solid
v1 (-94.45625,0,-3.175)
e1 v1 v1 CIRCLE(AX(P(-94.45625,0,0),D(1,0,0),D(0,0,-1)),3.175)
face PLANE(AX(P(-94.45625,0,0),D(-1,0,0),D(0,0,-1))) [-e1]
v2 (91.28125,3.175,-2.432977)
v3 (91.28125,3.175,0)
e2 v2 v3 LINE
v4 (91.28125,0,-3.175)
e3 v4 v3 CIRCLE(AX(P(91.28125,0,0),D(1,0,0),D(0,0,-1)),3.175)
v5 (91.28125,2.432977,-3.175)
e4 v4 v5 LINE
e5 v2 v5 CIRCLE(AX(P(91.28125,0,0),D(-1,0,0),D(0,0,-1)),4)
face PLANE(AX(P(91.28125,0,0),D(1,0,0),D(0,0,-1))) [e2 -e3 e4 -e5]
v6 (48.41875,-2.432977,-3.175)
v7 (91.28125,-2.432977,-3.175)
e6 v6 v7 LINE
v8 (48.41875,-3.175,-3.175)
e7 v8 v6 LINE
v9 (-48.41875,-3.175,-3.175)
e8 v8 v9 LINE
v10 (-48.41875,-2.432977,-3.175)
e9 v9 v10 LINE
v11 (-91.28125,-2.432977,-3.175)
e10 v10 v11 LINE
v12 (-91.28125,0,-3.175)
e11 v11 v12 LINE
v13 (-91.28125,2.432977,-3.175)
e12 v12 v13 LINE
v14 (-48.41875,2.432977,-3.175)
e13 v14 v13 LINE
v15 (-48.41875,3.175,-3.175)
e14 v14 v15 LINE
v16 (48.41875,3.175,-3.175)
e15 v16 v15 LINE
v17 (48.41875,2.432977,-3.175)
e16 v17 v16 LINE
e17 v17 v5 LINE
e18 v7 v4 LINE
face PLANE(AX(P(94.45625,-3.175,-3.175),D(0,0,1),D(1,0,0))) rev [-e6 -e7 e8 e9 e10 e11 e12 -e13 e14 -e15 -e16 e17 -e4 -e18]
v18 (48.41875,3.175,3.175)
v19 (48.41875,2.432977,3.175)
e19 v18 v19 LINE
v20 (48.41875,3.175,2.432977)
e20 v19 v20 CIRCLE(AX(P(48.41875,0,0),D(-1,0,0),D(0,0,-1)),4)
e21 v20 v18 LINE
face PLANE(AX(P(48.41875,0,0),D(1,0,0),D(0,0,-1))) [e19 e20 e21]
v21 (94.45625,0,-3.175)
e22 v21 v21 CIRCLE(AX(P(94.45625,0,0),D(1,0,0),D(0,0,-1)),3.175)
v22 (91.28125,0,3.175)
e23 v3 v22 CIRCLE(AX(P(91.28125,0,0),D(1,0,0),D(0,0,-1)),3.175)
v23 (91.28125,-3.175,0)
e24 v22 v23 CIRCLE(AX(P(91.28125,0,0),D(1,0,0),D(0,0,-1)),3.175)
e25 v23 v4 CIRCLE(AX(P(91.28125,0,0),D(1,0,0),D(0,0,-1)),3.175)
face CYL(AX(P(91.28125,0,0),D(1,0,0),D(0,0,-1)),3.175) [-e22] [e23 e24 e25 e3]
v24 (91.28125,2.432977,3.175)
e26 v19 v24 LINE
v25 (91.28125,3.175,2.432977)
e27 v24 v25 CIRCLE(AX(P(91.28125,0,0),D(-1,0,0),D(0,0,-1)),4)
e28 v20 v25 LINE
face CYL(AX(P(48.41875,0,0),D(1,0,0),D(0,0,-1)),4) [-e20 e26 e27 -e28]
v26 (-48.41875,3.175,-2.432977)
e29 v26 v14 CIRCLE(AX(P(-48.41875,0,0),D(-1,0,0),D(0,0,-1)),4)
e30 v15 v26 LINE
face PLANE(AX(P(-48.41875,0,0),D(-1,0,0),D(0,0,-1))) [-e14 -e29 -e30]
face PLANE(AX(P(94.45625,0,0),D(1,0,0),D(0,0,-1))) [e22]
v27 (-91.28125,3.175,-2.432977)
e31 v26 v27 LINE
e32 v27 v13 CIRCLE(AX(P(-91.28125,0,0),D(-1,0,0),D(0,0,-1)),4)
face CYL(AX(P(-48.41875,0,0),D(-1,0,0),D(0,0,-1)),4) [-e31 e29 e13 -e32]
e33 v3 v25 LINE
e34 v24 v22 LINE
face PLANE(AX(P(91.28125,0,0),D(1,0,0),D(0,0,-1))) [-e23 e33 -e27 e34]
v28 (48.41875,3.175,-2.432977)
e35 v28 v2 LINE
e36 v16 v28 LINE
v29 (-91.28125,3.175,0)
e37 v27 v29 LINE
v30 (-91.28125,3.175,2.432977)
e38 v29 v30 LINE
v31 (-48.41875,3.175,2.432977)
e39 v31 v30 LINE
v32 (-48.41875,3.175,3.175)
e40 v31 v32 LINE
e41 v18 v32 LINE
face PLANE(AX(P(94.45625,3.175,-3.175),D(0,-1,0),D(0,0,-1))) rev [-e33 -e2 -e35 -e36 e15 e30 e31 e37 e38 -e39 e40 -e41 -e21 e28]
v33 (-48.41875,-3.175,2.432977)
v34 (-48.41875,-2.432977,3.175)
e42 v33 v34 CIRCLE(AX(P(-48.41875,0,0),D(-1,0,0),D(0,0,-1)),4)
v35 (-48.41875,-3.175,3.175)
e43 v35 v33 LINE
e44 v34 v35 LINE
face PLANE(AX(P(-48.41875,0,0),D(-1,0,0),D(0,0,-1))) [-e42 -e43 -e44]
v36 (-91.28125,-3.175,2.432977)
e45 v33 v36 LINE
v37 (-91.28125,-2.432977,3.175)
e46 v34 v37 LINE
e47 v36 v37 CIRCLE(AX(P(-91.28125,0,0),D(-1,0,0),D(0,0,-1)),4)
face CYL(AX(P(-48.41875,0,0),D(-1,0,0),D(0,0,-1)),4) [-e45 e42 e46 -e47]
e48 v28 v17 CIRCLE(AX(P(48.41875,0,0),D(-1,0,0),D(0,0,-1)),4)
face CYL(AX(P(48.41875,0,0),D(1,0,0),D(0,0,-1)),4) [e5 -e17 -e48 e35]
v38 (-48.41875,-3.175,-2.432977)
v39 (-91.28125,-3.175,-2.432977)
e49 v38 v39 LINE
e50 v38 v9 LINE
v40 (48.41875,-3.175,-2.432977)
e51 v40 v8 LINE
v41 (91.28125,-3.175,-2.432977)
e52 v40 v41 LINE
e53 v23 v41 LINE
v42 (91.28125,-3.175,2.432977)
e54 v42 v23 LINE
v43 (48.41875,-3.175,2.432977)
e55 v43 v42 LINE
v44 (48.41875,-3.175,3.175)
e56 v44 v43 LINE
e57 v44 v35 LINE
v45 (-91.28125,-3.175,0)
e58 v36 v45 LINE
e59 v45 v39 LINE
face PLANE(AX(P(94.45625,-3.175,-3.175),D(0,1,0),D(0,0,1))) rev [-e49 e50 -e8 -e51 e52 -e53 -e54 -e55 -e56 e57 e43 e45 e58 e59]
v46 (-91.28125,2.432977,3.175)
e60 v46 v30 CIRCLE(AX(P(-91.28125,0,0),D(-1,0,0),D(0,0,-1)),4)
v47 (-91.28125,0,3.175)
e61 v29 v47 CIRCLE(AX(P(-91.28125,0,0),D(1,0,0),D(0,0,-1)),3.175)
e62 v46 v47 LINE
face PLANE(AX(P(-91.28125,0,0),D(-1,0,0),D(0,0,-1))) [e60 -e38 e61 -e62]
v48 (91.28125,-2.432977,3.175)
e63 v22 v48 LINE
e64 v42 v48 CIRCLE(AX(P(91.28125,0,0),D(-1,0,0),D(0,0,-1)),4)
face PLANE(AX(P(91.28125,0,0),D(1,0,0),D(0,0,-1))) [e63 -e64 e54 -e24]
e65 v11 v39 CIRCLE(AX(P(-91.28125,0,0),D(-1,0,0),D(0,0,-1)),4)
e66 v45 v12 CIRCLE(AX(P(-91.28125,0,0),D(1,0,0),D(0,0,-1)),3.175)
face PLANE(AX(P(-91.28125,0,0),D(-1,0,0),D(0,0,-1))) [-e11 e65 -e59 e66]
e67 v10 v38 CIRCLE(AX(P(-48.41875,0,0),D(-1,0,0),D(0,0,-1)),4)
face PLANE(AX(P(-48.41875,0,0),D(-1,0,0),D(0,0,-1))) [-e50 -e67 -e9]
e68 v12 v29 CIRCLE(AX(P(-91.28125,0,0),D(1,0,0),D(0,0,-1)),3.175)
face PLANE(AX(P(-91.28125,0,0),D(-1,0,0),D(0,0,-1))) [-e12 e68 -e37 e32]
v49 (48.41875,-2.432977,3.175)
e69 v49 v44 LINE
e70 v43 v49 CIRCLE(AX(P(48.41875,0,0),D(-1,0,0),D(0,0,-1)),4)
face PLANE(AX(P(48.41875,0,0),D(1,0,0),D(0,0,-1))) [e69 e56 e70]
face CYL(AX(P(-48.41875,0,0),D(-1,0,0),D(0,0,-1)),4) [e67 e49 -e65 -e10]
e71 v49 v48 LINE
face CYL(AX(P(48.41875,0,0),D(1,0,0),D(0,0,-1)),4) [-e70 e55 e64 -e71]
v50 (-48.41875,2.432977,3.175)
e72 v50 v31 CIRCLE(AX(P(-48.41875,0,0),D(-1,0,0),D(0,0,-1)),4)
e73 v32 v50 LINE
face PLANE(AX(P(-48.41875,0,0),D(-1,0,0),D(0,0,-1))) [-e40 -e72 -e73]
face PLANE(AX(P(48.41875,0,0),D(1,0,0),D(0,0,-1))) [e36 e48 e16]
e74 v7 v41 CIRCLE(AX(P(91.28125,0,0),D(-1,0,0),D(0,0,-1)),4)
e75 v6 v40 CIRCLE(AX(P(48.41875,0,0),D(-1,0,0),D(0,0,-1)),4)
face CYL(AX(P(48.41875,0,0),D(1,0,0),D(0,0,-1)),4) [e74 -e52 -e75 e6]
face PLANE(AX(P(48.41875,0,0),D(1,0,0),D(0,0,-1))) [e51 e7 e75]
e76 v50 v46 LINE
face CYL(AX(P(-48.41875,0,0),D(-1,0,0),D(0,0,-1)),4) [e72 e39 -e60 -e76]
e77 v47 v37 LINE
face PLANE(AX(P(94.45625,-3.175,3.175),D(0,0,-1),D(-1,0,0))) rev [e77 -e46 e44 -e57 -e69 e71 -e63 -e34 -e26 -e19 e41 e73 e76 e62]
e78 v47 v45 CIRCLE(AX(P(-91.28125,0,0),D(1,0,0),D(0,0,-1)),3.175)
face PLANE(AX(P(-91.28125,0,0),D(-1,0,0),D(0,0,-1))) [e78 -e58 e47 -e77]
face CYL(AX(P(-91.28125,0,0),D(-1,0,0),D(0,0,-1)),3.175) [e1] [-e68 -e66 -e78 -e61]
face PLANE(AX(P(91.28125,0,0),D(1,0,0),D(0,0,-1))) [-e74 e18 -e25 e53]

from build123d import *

# Parameters (mm, degrees)
SKETCH1_W           = 6.35
SKETCH1_H           = 6.35
BOSS_EXTRUDE1_DEPTH = 94.45625
SKETCH2_W           = 7.9375
SKETCH2_H           = 7.9375
SKETCH2_R           = 3.175
CUT_EXTRUDE1_DEPTH  = 3.175
CUT_EXTRUDE2_DEPTH  = 42.8625


with BuildPart() as part:
    # Sketch1 → Boss-Extrude1 (new body)
    with BuildSketch(Plane(origin=(0, 0, 0), x_dir=(0, 0, -1), z_dir=(1, 0, 0))):
        Rectangle(SKETCH1_W, SKETCH1_H)
    extrude(amount=BOSS_EXTRUDE1_DEPTH)

    # Sketch2 → Cut-Extrude1 (cut)
    with BuildSketch(Plane(origin=(94.45625, 0, 0), x_dir=(0, 0, -1), z_dir=(1, 0, 0))):
        Rectangle(SKETCH2_W, SKETCH2_H)
        Circle(SKETCH2_R, mode=Mode.SUBTRACT)
    extrude(amount=-CUT_EXTRUDE1_DEPTH, mode=Mode.SUBTRACT)

    # Sketch3 → Cut-Extrude2 (cut)
    with BuildSketch(Plane(origin=(91.28125, 0, 0), x_dir=(0, 0, -1), z_dir=(1, 0, 0))):
        with BuildLine():
            Line((-3.175, -2.432976572), (-3.175, -3.175))
            Line((-3.175, -3.175), (-2.432976572, -3.175))
            ThreePointArc((-2.432976572, -3.175), (-2.828427125, -2.828427125), (-3.175, -2.432976572))
        make_face()
        with BuildLine():
            Line((2.432976572, -3.175), (3.175, -3.175))
            Line((3.175, -3.175), (3.175, -2.432976572))
            ThreePointArc((3.175, -2.432976572), (2.828427125, -2.828427125), (2.432976572, -3.175))
        make_face()
        with BuildLine():
            Line((3.175, 2.432976572), (3.175, 3.175))
            Line((3.175, 3.175), (2.432976572, 3.175))
            ThreePointArc((2.432976572, 3.175), (2.828427125, 2.828427125), (3.175, 2.432976572))
        make_face()
        with BuildLine():
            Line((-3.175, 3.175), (-3.175, 2.432976572))
            ThreePointArc((-3.175, 2.432976572), (-2.828427125, 2.828427125), (-2.432976572, 3.175))
            Line((-2.432976572, 3.175), (-3.175, 3.175))
        make_face()
    extrude(amount=-CUT_EXTRUDE2_DEPTH, mode=Mode.SUBTRACT)

    # Mirror1: part across plane


with BuildPart() as part_1:
    add(part.part)
    add(part.part.mirror(Plane(origin=(0, 0, 0), x_dir=(0, 0, 1), z_dir=(1, 0, 0))))


solid = part_1.part
